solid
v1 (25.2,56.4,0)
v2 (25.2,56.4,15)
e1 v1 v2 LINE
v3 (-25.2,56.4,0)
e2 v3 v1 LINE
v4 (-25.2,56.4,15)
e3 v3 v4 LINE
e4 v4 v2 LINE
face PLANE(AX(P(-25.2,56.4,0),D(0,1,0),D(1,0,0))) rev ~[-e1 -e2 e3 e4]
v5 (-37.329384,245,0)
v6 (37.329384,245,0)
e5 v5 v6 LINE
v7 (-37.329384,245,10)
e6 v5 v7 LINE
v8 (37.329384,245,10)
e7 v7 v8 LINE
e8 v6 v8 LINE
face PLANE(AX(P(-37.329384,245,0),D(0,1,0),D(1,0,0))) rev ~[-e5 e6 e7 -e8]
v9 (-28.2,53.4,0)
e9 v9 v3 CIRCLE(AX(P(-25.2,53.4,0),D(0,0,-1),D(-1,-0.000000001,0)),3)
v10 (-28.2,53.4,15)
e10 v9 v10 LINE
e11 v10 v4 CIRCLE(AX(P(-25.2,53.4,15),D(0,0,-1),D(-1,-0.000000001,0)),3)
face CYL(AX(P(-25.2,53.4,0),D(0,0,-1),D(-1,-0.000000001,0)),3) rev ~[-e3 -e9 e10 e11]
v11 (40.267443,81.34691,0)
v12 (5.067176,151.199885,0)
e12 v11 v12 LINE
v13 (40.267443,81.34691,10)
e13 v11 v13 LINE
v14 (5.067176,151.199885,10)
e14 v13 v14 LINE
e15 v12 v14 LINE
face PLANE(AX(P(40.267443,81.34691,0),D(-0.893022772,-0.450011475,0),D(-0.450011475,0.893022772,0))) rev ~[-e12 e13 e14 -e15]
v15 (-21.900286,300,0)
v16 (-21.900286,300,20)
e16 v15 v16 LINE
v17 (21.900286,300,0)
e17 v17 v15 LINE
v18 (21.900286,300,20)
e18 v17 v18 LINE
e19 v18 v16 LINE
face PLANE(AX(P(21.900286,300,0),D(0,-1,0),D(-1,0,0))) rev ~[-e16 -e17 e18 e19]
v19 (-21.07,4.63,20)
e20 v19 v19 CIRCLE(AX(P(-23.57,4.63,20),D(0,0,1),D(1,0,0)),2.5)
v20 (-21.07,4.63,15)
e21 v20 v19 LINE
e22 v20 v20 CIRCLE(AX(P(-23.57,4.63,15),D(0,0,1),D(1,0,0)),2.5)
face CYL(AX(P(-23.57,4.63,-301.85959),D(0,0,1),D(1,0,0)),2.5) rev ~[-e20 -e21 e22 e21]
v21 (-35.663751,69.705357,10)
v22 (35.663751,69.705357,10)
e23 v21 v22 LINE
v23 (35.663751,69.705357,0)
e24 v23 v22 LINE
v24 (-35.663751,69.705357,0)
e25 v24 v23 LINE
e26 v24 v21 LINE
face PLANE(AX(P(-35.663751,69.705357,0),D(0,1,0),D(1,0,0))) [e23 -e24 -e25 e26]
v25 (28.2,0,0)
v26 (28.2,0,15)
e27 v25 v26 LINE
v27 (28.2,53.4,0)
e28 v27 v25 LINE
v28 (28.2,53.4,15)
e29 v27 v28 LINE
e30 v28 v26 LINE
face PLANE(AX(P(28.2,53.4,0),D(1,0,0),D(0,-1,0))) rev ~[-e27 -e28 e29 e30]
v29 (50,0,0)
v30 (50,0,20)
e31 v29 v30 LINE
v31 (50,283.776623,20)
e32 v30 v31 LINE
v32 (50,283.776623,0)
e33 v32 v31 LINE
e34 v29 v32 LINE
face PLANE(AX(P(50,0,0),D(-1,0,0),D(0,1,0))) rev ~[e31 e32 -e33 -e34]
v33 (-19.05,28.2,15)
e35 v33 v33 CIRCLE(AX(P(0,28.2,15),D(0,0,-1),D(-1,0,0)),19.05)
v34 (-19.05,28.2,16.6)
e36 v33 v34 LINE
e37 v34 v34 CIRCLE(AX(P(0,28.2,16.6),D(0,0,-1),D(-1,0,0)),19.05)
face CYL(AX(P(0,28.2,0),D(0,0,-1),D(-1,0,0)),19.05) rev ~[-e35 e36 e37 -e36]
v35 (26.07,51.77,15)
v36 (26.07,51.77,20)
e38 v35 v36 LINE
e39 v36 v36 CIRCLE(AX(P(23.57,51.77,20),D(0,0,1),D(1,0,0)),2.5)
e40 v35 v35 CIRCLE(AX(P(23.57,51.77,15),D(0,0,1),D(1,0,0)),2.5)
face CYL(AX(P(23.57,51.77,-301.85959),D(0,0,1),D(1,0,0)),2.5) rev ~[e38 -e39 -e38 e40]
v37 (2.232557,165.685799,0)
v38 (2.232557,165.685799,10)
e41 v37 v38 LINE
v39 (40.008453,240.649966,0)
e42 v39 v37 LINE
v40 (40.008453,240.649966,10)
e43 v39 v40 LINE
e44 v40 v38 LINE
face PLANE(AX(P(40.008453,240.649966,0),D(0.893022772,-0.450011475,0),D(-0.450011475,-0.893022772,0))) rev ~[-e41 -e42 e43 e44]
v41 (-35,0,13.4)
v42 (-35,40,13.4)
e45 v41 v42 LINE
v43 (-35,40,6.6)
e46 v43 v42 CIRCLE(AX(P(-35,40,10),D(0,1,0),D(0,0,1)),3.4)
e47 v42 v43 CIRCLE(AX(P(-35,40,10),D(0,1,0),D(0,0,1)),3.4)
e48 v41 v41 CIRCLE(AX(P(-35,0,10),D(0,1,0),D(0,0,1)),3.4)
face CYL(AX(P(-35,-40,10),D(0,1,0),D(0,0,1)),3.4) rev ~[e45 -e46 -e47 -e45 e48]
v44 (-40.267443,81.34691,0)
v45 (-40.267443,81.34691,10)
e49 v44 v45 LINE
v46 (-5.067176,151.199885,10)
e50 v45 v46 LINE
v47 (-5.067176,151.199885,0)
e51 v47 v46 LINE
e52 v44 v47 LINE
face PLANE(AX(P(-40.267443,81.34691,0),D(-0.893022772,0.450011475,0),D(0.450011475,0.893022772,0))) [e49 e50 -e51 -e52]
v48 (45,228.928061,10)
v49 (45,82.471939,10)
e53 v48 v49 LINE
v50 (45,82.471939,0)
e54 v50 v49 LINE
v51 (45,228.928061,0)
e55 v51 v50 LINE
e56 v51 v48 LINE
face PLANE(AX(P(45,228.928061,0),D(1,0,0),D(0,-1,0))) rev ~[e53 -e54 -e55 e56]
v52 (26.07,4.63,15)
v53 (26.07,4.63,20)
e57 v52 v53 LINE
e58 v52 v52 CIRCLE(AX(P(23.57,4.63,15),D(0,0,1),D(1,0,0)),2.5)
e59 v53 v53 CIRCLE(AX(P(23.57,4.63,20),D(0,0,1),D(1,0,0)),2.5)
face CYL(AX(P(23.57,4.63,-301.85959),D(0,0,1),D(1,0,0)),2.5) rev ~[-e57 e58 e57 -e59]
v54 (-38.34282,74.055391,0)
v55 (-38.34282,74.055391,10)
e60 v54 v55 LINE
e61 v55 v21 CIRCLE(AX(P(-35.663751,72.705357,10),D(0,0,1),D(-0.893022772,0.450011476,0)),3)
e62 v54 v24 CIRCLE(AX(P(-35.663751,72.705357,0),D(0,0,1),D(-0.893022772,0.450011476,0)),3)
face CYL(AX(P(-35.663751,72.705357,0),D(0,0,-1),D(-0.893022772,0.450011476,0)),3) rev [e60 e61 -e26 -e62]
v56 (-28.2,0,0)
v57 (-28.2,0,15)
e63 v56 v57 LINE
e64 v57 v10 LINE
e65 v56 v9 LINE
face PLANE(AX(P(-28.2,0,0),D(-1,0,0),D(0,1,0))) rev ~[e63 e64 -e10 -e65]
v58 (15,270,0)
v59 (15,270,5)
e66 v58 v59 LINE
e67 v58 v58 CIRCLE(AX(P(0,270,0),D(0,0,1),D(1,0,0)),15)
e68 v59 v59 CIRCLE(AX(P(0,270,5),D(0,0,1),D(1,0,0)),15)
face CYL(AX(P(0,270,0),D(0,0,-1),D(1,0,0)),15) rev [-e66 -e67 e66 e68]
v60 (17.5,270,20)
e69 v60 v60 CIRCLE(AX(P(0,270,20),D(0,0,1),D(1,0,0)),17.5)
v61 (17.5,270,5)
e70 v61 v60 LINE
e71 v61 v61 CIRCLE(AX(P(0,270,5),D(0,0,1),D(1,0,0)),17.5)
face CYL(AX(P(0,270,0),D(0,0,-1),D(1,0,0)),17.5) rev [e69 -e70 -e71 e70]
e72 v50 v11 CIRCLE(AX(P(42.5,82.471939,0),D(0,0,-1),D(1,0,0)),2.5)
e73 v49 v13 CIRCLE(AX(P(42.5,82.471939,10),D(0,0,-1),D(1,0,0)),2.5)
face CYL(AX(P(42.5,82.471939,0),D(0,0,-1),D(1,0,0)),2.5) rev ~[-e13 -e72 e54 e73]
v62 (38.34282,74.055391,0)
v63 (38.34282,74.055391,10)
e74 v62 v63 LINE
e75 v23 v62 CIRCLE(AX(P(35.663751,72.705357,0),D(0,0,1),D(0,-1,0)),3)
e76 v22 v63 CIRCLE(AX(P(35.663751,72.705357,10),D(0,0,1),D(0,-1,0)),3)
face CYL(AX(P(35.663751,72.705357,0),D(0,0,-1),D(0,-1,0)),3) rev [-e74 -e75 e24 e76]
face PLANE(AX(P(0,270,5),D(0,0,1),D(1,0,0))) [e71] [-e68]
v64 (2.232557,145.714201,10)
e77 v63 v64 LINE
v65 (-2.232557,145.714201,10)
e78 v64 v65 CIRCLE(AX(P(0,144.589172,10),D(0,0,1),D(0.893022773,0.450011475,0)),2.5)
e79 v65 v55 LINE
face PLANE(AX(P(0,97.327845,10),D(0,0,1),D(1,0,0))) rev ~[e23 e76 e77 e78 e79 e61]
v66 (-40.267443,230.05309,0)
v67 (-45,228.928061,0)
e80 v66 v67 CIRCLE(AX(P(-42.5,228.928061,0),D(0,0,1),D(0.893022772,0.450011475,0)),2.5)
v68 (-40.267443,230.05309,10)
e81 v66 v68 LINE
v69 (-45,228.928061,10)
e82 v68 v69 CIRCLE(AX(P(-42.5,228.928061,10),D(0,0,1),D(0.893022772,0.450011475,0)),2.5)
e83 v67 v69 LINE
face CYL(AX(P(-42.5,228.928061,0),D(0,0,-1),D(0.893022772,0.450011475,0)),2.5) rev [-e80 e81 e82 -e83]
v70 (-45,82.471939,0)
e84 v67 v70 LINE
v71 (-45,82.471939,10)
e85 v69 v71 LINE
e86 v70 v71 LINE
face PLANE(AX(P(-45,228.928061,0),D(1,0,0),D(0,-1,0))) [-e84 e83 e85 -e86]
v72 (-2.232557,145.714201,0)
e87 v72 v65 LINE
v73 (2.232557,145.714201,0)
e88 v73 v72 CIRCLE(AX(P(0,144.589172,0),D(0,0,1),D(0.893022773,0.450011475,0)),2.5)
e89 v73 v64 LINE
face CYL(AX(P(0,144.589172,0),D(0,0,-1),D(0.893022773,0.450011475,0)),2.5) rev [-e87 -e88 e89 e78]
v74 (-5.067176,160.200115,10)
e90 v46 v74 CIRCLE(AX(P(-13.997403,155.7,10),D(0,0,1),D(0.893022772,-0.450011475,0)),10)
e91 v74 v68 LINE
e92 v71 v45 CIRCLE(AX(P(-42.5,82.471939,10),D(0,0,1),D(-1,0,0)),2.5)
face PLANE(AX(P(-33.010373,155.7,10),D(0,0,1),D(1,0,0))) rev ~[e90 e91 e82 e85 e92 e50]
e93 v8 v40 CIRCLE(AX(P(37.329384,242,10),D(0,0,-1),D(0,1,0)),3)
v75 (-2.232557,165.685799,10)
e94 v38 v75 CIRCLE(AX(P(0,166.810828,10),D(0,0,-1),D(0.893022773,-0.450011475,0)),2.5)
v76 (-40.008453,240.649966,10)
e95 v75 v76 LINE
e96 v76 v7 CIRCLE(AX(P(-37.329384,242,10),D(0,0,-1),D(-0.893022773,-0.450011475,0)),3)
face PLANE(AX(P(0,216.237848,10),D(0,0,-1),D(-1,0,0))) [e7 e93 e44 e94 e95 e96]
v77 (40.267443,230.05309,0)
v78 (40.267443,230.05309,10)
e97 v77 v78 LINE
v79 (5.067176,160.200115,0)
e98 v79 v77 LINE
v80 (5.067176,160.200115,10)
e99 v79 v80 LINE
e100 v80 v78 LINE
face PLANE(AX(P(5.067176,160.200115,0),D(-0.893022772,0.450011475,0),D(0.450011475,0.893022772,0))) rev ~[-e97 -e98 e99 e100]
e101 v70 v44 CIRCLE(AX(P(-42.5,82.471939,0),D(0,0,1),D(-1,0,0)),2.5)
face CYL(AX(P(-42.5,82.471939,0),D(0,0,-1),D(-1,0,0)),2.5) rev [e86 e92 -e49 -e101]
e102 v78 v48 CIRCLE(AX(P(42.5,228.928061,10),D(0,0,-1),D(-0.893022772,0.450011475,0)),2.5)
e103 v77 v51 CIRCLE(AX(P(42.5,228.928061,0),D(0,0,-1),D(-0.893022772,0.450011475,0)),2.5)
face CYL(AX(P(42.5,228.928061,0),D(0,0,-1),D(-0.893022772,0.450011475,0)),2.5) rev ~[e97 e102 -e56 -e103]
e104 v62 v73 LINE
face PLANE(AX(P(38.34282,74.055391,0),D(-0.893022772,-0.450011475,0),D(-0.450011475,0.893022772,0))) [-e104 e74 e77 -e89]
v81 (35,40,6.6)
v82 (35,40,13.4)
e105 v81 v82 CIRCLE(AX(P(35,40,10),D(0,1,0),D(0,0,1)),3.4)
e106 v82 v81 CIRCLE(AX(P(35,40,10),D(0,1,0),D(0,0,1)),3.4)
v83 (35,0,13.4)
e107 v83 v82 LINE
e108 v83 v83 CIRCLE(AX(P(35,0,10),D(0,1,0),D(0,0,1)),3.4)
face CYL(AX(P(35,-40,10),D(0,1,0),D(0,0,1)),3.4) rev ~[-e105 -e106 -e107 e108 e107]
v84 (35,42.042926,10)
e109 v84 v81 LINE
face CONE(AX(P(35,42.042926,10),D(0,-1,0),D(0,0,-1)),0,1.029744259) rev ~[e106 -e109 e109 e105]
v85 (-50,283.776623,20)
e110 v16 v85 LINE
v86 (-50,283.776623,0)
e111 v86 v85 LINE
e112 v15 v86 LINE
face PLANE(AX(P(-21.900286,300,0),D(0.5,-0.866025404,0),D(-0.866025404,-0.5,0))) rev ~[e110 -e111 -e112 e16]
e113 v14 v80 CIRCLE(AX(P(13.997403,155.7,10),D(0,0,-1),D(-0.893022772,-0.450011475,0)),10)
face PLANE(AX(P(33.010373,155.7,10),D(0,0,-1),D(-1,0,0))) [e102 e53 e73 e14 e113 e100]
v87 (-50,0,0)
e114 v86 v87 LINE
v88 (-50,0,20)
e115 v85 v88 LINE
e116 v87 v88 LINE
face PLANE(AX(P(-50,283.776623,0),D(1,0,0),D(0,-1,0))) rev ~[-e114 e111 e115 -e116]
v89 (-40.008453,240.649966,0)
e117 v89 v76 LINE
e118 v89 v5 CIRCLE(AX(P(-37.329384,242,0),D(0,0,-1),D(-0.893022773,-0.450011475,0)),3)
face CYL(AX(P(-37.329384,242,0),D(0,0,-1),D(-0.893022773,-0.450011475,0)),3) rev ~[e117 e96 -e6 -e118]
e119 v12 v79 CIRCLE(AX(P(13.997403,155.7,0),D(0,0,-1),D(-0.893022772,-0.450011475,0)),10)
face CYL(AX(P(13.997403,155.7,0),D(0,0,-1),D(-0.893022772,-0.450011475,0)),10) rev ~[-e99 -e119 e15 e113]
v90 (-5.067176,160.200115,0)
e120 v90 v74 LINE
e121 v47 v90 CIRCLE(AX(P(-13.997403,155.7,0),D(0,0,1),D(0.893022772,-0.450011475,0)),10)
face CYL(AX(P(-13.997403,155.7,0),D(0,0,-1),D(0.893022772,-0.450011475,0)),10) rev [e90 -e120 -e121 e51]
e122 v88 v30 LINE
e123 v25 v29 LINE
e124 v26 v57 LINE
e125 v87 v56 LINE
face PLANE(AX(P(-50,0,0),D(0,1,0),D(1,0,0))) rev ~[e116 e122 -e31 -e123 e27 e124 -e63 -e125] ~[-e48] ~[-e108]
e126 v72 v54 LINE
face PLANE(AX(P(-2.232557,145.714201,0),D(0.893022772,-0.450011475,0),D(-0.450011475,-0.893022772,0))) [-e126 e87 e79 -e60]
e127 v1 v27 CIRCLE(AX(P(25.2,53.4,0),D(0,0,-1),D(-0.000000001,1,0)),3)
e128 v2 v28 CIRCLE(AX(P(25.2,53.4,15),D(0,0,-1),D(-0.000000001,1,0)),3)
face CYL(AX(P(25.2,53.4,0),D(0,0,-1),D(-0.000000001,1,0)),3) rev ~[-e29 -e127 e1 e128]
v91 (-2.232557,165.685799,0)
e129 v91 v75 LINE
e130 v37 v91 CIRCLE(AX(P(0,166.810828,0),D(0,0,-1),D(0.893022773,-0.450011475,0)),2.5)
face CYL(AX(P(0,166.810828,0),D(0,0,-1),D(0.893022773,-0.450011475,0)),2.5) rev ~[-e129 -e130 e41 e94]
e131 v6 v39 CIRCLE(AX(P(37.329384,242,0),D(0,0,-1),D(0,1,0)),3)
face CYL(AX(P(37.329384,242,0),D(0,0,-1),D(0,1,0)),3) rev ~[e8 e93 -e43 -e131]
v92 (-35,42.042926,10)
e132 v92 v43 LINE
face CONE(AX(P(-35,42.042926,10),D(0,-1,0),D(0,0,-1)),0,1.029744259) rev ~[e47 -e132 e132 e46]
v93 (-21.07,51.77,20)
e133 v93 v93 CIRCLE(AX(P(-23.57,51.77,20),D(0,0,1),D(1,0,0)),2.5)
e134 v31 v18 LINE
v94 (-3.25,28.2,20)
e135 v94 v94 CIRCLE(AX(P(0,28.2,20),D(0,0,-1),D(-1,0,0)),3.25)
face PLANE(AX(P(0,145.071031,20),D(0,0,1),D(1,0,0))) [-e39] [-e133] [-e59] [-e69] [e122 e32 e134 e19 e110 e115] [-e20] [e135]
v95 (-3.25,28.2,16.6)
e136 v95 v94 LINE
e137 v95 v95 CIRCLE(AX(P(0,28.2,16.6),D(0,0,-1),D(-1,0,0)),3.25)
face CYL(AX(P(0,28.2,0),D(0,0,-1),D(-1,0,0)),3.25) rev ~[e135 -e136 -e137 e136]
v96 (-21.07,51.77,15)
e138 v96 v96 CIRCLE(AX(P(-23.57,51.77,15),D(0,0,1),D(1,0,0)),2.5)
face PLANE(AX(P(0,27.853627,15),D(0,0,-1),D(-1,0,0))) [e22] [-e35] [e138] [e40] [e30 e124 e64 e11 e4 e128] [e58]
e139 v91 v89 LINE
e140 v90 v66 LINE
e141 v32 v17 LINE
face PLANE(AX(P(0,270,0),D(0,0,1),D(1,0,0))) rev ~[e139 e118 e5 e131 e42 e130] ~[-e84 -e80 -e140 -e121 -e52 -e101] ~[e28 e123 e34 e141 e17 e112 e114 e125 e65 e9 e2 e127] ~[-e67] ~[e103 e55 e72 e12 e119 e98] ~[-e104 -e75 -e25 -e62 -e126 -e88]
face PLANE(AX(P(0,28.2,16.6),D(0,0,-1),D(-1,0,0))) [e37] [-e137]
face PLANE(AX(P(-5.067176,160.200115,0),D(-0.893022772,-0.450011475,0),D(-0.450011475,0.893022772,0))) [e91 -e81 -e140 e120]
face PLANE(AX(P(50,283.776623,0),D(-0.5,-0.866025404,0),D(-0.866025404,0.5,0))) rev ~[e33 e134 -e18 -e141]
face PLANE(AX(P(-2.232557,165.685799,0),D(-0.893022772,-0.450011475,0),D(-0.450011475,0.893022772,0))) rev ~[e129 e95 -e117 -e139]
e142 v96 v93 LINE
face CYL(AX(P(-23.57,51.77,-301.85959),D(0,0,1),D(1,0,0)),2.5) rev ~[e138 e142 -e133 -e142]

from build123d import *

# Parameters (mm, degrees)
SZKIC1_R                    = 17.5
DODANIE_WYCI_GNI_CIE1_DEPTH = 20
SZKIC1_3_R                  = 17.5
SZKIC1_3_R_2                = 15
DODANIE_WYCI_GNI_CIE2_DEPTH = 5
OTW_R_GWINTOWANY_M81_D      = 6.8
OTW_R_GWINTOWANY_M81_DEPTH  = 40
OTW_R_GWINTOWANY_M81_TIP    = 2.042926105
SZKIC4_R                    = 3.25
WYTNIJ_WYCI_GNI_CIE2_DEPTH  = 15
SZKIC4_4_R                  = 19.05
SZKIC4_4_R_2                = 3.25
WYTNIJ_WYCI_GNI_CIE3_DEPTH  = 16.6
SZKIC4_5_R                  = 3.25
WYTNIJ_WYCI_GNI_CIE4_DEPTH  = 49.6
WYTNIJ_WYCI_GNI_CIE6_DEPTH  = 10
OTW_R_GWINTOWANY_M61_D      = 5


with BuildPart() as part:
    # Szkic1 → Dodanie-wyciągnięcie1 (new body)
    with BuildSketch(Plane.XY):
        Polygon((-50, 0), (50, 0), (50, 283.776622614), (21.900286098, 300), (-21.900286098, 300), (-50, 283.776622614), align=None)
        with Locations((0, 270)):
            Circle(SZKIC1_R, mode=Mode.SUBTRACT)
    extrude(amount=DODANIE_WYCI_GNI_CIE1_DEPTH)

    # Szkic1<3> → Dodanie-wyciągnięcie2 (add)
    with BuildSketch(Plane.XY):
        with Locations((0, 270)):
            Circle(SZKIC1_3_R)
        with Locations((0, 270)):
            Circle(SZKIC1_3_R_2, mode=Mode.SUBTRACT)
    extrude(amount=DODANIE_WYCI_GNI_CIE2_DEPTH)

    # Otwór gwintowany M81
    with Locations(Plane(origin=(-35, 0, 10), x_dir=(0, 0, -1), z_dir=(0, -1, 0))):
        with Locations((0, 0), (0, 70)):
            Hole(OTW_R_GWINTOWANY_M81_D / 2, depth=OTW_R_GWINTOWANY_M81_DEPTH)
            with Locations((0, 0, -(OTW_R_GWINTOWANY_M81_DEPTH + OTW_R_GWINTOWANY_M81_TIP / 2))):  # 118° drill point
                Cone(0, OTW_R_GWINTOWANY_M81_D / 2, OTW_R_GWINTOWANY_M81_TIP, mode=Mode.SUBTRACT)

    # Szkic4 → Wytnij-wyciągnięcie2 (cut)
    with BuildSketch(Plane(origin=(0, 0, 0), x_dir=(-1, 0, 0), z_dir=(0, 0, -1))):
        with BuildLine():
            Line((-28.2, 53.4), (-28.2, 0))
            Line((-28.2, 0), (28.2, 0))
            Line((28.2, 0), (28.2, 53.4))
            ThreePointArc((28.2, 53.4), (27.321320344, 55.521320344), (25.2, 56.4))
            Line((25.2, 56.4), (-25.2, 56.4))
            ThreePointArc((-25.2, 56.4), (-27.321320344, 55.521320344), (-28.2, 53.4))
        make_face()
        with Locations((0, 28.2)):
            Circle(SZKIC4_R, mode=Mode.SUBTRACT)
    extrude(amount=-WYTNIJ_WYCI_GNI_CIE2_DEPTH, mode=Mode.SUBTRACT)

    # Szkic4<4> → Wytnij-wyciągnięcie3 (cut)
    with BuildSketch(Plane(origin=(0, 0, 0), x_dir=(-1, 0, 0), z_dir=(0, 0, -1))):
        with Locations((0, 28.2)):
            Circle(SZKIC4_4_R)
        with Locations((0, 28.2)):
            Circle(SZKIC4_4_R_2, mode=Mode.SUBTRACT)
    extrude(amount=-WYTNIJ_WYCI_GNI_CIE3_DEPTH, mode=Mode.SUBTRACT)

    # Szkic4<5> → Wytnij-wyciągnięcie4 (cut)
    with BuildSketch(Plane(origin=(0, 0, 0), x_dir=(-1, 0, 0), z_dir=(0, 0, -1))):
        with Locations((0, 28.2)):
            Circle(SZKIC4_5_R)
    extrude(amount=-WYTNIJ_WYCI_GNI_CIE4_DEPTH, mode=Mode.SUBTRACT)

    # Szkic6 → Wytnij-wyciągnięcie6 (cut)
    with BuildSketch(Plane(origin=(0, 0, 0), x_dir=(-1, 0, 0), z_dir=(0, 0, -1))):
        with BuildLine():
            Line((-45, 228.928061115), (-45, 82.471938885))
            ThreePointArc((-45, 82.471938885), (-43.078190139, 80.039718467), (-40.267443069, 81.346910197))
            Line((-40.267443069, 81.346910197), (-5.067175687, 151.199885246))
            ThreePointArc((-5.067175687, 151.199885246), (-3.997403411, 155.7), (-5.067175687, 160.200114754))
            Line((-5.067175687, 160.200114754), (-40.267443069, 230.053089803))
            ThreePointArc((-40.267443069, 230.053089803), (-43.078190139, 231.360281533), (-45, 228.928061115))
        make_face()
        with BuildLine():
            Line((2.232556931, 145.714200914), (38.342819518, 74.055390936))
            ThreePointArc((38.342819518, 74.055390936), (38.218169264, 71.13215965), (35.663751201, 69.70535651))
            Line((35.663751201, 69.70535651), (-35.663751201, 69.70535651))
            ThreePointArc((-35.663751201, 69.70535651), (-38.218169264, 71.13215965), (-38.342819518, 74.055390936))
            Line((-38.342819518, 74.055390936), (-2.232556931, 145.714200914))
            ThreePointArc((-2.232556931, 145.714200914), (0, 147.089172226), (2.232556931, 145.714200914))
        make_face()
        with BuildLine():
            Line((45, 228.928061115), (45, 82.471938885))
            ThreePointArc((45, 82.471938885), (43.078190139, 80.039718467), (40.267443069, 81.346910197))
            Line((40.267443069, 81.346910197), (5.067175687, 151.199885246))
            ThreePointArc((5.067175687, 151.199885246), (3.997403411, 155.7), (5.067175687, 160.200114754))
            Line((5.067175687, 160.200114754), (40.267443069, 230.053089803))
            ThreePointArc((40.267443069, 230.053089803), (43.078190139, 231.360281533), (45, 228.928061115))
        make_face()
        with BuildLine():
            Line((-40.008452698, 240.649965574), (-2.232556931, 165.685799086))
            ThreePointArc((-2.232556931, 165.685799086), (0, 164.310827774), (2.232556931, 165.685799086))
            Line((2.232556931, 165.685799086), (40.008452698, 240.649965574))
            ThreePointArc((40.008452698, 240.649965574), (39.883802443, 243.57319686), (37.329384381, 245))
            Line((37.329384381, 245), (-37.32938438, 245))
            ThreePointArc((-37.32938438, 245), (-39.883802443, 243.57319686), (-40.008452698, 240.649965574))
        make_face()
    extrude(amount=-WYTNIJ_WYCI_GNI_CIE6_DEPTH, mode=Mode.SUBTRACT)

    # Otwór gwintowany M61 (through all)
    with Locations(Plane(origin=(23.57, 51.77, 15), x_dir=(-1, 0, 0), z_dir=(0, 0, -1))):
        with Locations((0, 0), (47.14, 0), (47.14, -47.14), (0, -47.14)):
            Hole(OTW_R_GWINTOWANY_M61_D / 2)


solid = part.part
